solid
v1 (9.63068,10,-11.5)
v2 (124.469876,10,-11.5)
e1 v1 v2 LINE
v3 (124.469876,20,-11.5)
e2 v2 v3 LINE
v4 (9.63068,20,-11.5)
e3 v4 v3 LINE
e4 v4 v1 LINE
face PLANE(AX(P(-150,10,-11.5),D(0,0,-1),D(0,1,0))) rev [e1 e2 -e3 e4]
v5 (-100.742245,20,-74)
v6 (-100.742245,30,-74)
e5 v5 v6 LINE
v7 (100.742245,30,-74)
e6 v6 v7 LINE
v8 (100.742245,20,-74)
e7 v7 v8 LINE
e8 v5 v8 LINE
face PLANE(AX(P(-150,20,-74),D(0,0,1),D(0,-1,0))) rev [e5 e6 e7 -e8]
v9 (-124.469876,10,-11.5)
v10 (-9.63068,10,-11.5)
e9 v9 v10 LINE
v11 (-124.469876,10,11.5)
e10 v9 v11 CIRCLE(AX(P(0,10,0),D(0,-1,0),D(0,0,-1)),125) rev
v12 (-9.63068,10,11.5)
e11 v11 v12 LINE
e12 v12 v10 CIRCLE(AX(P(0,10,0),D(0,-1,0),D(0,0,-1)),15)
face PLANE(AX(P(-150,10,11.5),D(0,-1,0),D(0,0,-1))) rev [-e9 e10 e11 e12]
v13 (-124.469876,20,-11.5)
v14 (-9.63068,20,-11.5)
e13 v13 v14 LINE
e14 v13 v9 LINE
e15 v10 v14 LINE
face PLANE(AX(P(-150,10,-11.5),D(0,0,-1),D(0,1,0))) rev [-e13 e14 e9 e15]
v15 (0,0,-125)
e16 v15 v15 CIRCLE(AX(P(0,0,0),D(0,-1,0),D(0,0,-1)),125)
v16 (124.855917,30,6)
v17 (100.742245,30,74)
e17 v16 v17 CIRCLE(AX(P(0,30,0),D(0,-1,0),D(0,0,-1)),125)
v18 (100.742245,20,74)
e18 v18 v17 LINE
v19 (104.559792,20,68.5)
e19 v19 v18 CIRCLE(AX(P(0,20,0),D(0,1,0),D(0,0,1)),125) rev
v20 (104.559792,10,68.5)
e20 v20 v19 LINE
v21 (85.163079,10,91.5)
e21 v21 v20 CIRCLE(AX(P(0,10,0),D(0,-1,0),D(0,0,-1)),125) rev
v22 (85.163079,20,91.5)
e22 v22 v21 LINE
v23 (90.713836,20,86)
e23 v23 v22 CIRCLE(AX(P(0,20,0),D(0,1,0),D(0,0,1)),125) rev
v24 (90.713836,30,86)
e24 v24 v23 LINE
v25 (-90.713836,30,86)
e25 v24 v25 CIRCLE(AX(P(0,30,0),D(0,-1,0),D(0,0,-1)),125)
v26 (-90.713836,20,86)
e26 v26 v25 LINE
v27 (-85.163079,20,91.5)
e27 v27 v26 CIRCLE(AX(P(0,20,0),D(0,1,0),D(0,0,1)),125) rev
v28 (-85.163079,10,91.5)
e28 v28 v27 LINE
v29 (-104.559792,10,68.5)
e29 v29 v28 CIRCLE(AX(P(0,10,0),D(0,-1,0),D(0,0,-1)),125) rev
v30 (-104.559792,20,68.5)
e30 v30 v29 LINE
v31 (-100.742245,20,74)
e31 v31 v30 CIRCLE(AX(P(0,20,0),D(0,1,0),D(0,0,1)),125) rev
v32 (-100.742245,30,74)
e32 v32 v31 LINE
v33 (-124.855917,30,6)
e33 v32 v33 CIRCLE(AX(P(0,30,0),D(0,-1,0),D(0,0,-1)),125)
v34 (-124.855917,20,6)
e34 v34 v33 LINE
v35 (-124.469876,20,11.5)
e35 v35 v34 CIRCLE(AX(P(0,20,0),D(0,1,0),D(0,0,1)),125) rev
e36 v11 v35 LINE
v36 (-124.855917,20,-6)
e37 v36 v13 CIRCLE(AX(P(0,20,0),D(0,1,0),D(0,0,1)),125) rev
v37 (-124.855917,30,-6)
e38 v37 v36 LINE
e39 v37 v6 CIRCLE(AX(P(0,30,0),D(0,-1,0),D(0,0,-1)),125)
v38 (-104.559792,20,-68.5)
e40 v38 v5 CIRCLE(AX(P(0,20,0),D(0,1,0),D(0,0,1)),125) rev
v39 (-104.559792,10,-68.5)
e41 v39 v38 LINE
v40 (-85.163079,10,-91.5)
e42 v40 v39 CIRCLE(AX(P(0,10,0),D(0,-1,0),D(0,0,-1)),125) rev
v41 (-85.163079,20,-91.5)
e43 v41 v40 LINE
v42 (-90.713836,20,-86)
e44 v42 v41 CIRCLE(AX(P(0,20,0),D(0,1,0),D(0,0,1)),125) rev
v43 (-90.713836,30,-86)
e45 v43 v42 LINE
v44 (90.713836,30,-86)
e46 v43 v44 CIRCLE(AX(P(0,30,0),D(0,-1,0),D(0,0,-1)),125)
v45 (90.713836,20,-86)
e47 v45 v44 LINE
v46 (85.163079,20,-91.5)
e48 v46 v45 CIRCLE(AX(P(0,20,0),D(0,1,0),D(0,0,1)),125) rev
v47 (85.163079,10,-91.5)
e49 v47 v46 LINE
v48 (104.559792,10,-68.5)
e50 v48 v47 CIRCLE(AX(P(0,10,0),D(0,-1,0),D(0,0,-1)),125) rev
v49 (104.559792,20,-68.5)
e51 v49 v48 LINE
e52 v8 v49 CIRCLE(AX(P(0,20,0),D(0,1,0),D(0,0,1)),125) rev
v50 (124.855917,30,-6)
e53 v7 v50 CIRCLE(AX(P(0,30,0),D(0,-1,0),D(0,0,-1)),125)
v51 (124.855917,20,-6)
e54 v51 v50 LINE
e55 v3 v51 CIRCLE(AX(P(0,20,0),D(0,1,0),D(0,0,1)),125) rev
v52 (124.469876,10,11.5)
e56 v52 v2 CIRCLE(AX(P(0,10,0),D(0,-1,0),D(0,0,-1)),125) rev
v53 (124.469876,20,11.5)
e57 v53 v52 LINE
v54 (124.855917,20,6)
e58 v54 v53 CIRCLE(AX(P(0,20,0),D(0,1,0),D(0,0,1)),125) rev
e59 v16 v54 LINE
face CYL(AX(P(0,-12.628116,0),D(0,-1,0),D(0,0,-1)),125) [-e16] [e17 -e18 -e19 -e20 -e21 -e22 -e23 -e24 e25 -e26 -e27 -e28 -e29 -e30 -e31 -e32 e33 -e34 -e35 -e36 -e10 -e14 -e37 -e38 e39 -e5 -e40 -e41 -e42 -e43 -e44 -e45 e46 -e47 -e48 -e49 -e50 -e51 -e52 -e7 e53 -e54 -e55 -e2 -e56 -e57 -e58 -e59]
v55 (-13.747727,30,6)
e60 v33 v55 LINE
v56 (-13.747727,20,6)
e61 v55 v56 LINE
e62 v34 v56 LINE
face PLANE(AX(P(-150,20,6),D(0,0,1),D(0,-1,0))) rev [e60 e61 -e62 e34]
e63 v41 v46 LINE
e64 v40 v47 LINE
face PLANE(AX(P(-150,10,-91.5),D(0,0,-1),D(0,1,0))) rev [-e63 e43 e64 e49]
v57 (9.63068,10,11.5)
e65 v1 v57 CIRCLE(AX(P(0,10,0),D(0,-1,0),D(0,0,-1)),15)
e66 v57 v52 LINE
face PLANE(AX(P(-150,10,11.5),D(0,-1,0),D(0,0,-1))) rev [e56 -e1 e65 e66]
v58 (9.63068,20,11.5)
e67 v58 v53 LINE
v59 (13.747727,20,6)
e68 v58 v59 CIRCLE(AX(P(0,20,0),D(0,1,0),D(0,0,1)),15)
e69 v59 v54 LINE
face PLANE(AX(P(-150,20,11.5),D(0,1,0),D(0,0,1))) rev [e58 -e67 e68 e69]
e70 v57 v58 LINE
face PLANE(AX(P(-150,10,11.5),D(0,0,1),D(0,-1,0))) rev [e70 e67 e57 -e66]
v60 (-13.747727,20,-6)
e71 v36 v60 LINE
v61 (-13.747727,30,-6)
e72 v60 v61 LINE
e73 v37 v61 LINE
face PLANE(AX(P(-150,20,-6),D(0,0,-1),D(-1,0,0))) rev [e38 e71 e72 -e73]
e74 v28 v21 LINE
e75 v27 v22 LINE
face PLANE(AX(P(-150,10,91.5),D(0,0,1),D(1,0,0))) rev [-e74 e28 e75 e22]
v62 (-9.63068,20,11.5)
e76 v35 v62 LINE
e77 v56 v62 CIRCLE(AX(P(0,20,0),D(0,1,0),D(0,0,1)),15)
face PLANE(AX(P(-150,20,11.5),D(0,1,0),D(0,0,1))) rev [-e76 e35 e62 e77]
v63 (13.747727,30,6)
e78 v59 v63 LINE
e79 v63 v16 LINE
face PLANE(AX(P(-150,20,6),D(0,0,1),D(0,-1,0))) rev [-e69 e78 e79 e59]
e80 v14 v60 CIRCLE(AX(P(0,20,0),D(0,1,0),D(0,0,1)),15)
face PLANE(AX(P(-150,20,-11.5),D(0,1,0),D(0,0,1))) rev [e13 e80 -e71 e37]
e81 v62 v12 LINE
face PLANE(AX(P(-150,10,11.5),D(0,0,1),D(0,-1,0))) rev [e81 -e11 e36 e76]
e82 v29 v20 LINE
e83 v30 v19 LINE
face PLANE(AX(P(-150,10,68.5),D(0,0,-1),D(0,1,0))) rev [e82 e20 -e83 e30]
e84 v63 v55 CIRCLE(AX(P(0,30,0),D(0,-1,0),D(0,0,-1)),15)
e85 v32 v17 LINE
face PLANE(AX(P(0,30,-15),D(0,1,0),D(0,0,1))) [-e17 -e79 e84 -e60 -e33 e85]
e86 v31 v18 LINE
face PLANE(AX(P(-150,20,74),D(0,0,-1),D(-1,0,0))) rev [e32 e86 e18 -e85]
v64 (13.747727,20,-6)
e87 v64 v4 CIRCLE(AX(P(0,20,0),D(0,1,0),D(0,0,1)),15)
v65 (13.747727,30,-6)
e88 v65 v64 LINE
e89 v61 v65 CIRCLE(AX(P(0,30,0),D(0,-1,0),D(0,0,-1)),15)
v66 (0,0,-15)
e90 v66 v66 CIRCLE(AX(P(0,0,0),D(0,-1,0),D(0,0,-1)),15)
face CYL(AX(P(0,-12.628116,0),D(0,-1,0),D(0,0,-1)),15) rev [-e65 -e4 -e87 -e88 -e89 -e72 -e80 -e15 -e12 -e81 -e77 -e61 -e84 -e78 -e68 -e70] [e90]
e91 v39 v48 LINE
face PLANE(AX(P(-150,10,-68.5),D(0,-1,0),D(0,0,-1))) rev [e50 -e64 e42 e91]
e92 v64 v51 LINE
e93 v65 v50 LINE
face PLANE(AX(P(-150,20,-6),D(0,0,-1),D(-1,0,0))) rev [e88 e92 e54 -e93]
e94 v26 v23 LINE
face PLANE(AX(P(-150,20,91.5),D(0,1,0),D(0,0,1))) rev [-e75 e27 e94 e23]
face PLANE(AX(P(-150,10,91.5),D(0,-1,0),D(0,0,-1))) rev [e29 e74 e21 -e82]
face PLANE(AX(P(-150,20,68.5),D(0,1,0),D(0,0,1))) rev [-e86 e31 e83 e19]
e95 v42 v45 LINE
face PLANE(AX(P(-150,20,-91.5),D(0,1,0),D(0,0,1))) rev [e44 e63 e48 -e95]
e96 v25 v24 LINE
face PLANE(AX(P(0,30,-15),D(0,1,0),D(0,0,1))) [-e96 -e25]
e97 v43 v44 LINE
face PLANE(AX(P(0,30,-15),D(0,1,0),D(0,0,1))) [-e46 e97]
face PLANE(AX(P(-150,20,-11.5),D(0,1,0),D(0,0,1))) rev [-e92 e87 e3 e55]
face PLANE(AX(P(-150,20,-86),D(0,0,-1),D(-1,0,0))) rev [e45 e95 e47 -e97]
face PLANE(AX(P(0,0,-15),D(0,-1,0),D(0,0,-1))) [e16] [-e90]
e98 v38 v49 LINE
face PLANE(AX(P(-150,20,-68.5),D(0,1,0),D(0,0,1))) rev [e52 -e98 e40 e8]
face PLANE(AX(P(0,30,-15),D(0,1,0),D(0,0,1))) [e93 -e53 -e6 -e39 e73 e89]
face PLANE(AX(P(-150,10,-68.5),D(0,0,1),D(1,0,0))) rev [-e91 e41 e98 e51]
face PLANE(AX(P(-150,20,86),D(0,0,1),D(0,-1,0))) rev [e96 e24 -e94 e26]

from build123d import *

# Parameters (mm, degrees)
SKETCH_1_W          = 110
SKETCH_1_H          = 30
CUT_EXTRUDE_1_DEPTH = 150


with BuildPart() as part:
    # Эскиз1 → Повернуть1 (revolve)
    with BuildSketch(Plane(origin=(0, 0, 0), x_dir=(0, 0, -1), z_dir=(1, 0, 0))):
        with Locations((70, 15)):
            Rectangle(SKETCH_1_W, SKETCH_1_H)
    revolve(axis=Axis((0, -12.628115938, 0), (0, 1, 0)))

    # Эскиз2 → Вырез-Вытянуть1 (cut, symmetric)
    with BuildSketch(Plane(origin=(0, 0, 0), x_dir=(0, 0, -1), z_dir=(1, 0, 0))):
        Polygon((11.5, 10), (11.5, 20), (6, 20), (6, 30), (-6, 30), (-6, 20), (-11.5, 20), (-11.5, 10), align=None)
        Polygon((68.5, 10), (91.5, 10), (91.5, 20), (86, 20), (86, 30), (74, 30), (74, 20), (68.5, 20), align=None)
        Polygon((-91.5, 10), (-68.5, 10), (-68.5, 20), (-74, 20), (-74, 30), (-86, 30), (-86, 20), (-91.5, 20), align=None)
    extrude(amount=CUT_EXTRUDE_1_DEPTH, both=True, mode=Mode.SUBTRACT)


solid = part.part
